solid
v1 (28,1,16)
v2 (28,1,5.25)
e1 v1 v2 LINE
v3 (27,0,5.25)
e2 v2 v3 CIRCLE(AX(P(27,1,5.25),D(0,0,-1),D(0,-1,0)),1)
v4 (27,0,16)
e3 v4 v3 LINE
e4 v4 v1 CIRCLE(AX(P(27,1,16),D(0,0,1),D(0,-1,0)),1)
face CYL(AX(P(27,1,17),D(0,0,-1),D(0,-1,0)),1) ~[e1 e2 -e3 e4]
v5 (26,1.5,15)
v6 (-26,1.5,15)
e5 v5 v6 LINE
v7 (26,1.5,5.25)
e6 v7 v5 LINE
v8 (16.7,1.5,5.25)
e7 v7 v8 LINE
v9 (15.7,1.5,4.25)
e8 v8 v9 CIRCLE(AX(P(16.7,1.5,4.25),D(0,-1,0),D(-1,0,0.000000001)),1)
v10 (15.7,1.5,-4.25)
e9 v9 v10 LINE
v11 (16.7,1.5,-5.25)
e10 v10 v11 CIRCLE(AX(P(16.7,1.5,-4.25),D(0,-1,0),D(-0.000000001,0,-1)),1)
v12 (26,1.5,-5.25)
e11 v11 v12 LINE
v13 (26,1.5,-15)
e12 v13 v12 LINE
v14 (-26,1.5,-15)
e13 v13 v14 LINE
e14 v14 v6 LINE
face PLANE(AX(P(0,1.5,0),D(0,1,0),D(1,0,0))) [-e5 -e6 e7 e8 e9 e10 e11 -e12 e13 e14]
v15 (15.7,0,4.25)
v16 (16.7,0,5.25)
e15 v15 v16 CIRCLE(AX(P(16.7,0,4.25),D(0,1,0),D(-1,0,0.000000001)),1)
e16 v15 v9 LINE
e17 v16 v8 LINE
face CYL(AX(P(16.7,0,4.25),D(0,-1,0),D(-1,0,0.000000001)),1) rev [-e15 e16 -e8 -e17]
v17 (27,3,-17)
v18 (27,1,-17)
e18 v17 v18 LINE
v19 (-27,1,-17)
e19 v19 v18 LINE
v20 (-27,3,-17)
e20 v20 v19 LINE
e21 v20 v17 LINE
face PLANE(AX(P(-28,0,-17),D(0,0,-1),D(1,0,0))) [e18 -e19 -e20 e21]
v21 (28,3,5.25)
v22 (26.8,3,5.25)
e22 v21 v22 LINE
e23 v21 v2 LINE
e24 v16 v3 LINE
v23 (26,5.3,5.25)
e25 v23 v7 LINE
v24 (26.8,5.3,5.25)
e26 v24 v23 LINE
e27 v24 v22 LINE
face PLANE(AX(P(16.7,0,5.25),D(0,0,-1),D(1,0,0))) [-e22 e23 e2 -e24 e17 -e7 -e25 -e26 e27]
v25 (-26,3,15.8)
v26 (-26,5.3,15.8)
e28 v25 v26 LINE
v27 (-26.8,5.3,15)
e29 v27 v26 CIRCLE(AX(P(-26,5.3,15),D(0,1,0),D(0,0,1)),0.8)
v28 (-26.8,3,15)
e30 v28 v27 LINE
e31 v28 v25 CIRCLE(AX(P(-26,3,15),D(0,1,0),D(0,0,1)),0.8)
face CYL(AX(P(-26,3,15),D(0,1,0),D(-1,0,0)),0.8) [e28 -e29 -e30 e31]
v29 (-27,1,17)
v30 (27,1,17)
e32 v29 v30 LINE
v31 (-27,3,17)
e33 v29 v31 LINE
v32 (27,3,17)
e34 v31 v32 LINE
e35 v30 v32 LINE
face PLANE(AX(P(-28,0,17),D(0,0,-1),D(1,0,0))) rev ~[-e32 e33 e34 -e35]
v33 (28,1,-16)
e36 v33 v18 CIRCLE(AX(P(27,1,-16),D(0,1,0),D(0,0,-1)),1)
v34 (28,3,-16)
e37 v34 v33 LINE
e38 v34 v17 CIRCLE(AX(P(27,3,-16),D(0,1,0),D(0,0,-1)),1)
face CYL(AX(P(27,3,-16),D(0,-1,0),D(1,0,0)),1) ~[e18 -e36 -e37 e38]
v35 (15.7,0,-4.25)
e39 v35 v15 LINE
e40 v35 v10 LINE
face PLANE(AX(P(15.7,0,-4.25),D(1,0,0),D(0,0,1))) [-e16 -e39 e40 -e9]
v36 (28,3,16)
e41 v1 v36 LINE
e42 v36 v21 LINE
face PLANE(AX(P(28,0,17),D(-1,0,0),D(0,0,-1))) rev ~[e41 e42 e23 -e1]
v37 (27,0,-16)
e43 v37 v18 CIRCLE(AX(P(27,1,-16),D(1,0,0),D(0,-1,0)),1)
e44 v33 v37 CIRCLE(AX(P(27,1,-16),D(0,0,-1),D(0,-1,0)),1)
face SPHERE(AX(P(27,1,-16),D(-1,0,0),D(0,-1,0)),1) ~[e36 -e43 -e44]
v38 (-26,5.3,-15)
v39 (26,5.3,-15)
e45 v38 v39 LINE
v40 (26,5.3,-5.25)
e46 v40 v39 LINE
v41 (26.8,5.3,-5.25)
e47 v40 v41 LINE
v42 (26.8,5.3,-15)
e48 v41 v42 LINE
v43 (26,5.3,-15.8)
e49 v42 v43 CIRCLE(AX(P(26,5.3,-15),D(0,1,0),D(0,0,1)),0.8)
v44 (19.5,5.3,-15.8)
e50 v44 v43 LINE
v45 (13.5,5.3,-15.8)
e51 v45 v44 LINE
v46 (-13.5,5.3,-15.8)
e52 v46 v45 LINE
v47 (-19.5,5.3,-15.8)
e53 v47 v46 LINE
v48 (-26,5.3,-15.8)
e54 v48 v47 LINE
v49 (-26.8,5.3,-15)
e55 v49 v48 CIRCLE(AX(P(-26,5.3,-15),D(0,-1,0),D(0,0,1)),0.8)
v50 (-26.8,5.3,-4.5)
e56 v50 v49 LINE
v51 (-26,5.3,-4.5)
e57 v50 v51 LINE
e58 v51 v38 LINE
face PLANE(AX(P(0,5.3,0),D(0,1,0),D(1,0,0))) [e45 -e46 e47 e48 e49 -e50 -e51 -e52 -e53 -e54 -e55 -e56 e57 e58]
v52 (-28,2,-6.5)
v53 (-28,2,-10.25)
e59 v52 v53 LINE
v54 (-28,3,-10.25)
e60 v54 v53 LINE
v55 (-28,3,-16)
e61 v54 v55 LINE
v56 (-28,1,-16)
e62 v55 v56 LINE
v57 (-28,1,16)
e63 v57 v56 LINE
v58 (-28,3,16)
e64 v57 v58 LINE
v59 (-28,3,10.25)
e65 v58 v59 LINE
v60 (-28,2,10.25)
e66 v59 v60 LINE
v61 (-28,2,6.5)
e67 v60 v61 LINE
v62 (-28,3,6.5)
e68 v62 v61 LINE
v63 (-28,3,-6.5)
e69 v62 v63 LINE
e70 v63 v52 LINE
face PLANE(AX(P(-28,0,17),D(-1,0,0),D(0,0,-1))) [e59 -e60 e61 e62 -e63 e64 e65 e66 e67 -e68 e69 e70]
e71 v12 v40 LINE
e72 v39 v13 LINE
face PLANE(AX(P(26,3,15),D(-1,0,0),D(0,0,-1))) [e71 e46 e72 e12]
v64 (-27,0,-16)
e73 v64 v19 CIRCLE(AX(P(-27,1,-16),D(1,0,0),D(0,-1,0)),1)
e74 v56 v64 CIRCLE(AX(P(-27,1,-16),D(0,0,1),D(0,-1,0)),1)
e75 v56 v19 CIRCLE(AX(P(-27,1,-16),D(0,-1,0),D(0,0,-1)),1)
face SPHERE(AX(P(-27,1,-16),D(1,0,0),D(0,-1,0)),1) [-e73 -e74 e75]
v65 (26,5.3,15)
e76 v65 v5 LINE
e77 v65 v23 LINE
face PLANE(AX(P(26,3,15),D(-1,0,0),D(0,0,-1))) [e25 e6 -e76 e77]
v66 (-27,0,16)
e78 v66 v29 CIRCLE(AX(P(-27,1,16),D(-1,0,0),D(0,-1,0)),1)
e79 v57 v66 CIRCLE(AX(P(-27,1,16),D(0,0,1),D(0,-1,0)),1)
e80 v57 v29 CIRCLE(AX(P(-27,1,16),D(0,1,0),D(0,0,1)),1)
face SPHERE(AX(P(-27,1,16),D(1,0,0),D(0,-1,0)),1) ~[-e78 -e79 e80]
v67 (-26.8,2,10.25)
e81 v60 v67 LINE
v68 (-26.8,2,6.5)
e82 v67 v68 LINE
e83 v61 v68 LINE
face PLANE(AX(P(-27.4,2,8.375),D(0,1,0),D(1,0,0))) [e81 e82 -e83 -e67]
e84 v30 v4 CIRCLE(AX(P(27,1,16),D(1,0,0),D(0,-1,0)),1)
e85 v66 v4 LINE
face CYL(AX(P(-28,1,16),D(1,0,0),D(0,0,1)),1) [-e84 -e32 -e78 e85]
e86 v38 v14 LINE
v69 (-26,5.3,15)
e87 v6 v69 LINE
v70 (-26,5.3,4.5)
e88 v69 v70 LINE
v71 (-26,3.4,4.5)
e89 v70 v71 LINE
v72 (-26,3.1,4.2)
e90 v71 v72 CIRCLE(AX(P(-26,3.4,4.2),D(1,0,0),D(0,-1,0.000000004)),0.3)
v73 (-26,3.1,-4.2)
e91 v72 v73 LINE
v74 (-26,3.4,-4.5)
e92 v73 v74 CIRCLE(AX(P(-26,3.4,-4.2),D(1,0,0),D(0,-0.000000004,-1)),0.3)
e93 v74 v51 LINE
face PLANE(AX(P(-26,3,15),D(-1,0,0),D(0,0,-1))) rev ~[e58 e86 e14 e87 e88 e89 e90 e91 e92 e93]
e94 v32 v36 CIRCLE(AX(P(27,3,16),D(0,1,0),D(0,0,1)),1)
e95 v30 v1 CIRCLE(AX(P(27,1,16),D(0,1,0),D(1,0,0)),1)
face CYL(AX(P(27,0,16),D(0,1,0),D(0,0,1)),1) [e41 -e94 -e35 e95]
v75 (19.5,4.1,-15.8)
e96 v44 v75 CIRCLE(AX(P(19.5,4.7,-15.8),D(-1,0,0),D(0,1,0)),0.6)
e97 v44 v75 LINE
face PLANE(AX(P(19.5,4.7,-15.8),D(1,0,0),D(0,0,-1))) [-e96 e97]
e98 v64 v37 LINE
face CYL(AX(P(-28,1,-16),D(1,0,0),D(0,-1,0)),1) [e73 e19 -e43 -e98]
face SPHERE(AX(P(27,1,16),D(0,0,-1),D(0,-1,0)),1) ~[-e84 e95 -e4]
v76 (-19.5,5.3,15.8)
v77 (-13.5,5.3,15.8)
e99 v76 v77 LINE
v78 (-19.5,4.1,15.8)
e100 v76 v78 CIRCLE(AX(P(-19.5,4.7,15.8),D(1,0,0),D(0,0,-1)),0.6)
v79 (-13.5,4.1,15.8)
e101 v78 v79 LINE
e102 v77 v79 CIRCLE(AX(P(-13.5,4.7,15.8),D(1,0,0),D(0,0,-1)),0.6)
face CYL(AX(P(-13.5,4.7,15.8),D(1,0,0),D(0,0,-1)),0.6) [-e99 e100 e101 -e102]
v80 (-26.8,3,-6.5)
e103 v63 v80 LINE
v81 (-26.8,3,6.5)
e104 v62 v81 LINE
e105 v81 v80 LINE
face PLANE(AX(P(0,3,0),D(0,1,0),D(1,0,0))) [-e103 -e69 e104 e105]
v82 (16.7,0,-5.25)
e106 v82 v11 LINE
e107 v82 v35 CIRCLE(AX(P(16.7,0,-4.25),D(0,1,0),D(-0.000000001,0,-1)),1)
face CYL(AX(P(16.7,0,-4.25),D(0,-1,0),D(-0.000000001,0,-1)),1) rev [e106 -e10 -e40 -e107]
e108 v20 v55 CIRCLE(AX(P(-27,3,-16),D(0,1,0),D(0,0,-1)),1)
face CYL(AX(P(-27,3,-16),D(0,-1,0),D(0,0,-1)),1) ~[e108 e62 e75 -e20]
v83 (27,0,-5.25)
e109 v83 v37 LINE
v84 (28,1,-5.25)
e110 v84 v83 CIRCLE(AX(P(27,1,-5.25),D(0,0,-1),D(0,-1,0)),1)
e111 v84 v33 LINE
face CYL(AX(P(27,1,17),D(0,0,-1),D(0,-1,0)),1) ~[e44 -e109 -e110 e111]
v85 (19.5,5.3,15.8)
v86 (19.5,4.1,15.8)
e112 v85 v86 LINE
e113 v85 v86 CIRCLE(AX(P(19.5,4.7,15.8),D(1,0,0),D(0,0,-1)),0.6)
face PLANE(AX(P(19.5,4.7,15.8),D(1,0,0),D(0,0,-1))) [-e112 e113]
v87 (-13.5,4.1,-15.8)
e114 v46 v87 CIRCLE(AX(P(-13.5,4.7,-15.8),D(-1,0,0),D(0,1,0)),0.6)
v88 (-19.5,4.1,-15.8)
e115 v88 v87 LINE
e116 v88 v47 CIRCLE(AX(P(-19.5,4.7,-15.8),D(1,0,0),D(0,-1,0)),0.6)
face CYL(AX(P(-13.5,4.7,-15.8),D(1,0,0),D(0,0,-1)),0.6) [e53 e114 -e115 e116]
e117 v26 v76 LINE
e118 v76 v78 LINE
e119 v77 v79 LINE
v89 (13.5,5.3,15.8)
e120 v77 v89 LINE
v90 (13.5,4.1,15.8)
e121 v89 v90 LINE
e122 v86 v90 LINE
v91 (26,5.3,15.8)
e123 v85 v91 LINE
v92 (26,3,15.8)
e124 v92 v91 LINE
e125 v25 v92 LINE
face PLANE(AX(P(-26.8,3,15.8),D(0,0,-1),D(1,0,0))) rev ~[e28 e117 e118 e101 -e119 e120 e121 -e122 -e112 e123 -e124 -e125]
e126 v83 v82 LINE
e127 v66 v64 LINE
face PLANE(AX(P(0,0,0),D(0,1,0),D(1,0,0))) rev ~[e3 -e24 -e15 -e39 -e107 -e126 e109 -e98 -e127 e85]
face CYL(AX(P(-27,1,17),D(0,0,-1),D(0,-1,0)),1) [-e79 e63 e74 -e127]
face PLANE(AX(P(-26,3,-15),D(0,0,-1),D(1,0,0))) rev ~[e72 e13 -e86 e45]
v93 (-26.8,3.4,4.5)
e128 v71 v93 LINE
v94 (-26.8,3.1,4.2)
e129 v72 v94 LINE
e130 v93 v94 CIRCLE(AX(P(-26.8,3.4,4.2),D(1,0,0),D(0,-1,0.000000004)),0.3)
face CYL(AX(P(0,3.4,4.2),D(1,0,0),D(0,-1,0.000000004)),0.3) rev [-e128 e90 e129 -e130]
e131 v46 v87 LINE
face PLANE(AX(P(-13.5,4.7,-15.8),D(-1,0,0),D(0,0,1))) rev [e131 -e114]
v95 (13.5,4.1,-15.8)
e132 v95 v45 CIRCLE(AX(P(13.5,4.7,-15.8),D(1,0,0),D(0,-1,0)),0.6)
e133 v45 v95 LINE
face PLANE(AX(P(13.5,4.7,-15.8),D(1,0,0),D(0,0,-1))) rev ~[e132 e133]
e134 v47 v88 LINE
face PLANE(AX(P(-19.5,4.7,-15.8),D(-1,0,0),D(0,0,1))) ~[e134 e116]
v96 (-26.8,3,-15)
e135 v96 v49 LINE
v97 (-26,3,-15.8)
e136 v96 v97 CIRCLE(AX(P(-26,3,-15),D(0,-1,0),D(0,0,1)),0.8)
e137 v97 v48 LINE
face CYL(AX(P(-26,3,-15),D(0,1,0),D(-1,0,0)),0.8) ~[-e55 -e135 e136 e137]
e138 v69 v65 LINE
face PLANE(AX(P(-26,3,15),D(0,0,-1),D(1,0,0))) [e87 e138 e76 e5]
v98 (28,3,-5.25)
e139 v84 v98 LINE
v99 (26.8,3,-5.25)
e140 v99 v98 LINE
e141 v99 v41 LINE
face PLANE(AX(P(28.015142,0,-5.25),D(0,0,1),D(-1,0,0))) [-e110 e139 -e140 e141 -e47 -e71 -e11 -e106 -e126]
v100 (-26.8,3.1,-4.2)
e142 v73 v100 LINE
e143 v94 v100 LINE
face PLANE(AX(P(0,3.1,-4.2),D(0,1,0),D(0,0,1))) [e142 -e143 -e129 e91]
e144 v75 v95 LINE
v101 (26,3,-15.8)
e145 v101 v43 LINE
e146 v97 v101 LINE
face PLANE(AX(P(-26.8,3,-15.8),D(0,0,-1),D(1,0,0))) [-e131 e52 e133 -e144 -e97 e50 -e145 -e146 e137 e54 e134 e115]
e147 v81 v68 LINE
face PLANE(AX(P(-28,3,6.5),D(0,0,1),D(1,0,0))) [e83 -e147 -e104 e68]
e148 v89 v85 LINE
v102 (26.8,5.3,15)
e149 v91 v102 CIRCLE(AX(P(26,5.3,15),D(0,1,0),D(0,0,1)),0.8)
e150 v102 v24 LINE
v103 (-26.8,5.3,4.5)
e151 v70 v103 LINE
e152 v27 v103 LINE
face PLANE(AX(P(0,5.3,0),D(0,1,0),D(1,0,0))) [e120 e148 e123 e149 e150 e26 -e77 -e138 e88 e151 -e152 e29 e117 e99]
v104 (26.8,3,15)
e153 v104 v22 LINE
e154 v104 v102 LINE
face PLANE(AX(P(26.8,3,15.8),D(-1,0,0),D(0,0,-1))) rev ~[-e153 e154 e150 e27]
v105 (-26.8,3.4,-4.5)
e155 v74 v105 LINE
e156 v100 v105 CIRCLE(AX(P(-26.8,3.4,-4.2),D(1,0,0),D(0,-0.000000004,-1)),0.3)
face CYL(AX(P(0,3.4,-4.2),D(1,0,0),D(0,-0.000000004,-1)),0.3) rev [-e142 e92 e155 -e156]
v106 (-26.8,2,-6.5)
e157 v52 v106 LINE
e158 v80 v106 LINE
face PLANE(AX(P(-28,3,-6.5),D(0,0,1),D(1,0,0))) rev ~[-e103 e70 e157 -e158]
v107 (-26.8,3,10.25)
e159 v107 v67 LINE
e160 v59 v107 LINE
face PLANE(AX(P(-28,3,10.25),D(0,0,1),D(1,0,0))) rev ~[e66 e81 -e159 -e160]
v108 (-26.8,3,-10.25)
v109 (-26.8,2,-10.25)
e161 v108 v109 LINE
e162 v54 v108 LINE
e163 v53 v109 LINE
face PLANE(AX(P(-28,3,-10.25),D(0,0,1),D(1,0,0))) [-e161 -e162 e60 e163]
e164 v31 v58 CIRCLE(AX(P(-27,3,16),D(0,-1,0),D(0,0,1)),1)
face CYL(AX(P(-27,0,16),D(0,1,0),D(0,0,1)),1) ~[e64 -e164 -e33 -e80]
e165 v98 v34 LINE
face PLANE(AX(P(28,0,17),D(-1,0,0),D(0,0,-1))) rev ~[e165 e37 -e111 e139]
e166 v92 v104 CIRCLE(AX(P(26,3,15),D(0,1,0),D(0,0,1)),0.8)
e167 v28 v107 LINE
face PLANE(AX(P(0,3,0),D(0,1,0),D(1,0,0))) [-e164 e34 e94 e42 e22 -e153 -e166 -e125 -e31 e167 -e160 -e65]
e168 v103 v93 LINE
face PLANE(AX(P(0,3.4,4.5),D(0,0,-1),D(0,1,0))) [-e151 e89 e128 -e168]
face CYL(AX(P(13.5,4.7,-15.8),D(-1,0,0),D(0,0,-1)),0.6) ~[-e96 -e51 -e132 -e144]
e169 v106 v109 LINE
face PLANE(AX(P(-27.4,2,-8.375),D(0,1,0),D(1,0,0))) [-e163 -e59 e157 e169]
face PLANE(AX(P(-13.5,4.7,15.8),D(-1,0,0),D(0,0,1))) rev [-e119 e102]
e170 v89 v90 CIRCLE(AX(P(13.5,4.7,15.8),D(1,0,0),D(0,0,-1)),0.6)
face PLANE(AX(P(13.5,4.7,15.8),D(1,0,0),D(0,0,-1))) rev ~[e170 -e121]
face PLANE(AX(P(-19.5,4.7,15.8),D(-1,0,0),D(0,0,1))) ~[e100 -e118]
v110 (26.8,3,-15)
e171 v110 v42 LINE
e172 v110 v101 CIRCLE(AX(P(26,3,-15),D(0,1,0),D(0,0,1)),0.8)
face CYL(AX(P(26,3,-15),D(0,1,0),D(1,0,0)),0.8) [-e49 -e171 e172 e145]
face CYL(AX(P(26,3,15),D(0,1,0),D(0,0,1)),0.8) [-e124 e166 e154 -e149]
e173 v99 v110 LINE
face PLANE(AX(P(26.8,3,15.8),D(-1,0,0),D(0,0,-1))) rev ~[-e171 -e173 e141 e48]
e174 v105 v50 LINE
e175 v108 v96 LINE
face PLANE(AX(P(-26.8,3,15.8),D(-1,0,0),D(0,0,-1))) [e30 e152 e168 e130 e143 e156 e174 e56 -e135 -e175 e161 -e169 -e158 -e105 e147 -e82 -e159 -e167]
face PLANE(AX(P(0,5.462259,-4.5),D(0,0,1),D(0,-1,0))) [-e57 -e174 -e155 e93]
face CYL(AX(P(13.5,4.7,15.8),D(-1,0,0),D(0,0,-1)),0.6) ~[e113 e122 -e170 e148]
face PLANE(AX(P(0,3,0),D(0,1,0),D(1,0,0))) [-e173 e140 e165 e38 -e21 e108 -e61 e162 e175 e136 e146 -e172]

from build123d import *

# Parameters (mm, degrees)
SKETCH1_W             = 56
SKETCH1_H             = 34
BASE_DEPTH            = 1.5
SKETCH1_3_W           = 56
SKETCH1_3_H           = 34
SKETCH1_3_W_2         = 52
SKETCH1_3_H_2         = 30
BOSS_EXTRUDE2_DEPTH   = 3
SKETCH2_W             = 53.6
SKETCH2_H             = 31.6
SKETCH2_W_2           = 52
SKETCH2_H_2           = 30
WALL_DEPTH            = 2.3
SKETCH3_W             = 1.2
SKETCH3_H             = 3.75
GROOVEFOROPEN_DEPTH   = 1
LOCKPINS_START        = 13.5
SKETCH4_R             = 0.6
LOCKPINS_DEPTH        = 6
FILLETBASE_R          = 1
FILLETINNER_R         = 0.8
CUTCABLE_DEPTH        = 34.182676203
CUTFORCONNECTOR_DEPTH = 34.182676203


with BuildPart() as part:
    # Sketch1 → Base (new body)
    with BuildSketch(Plane(origin=(0, 0, 0), x_dir=(1, 0, 0), z_dir=(0, 1, 0))):
        Rectangle(SKETCH1_W, SKETCH1_H)
    extrude(amount=BASE_DEPTH)

    # Sketch1<3> → Boss-Extrude2 (add)
    with BuildSketch(Plane(origin=(0, 0, 0), x_dir=(1, 0, 0), z_dir=(0, 1, 0))):
        Rectangle(SKETCH1_3_W, SKETCH1_3_H)
        Rectangle(SKETCH1_3_W_2, SKETCH1_3_H_2, mode=Mode.SUBTRACT)
    extrude(amount=BOSS_EXTRUDE2_DEPTH)

    # Sketch2 → Wall (add)
    with BuildSketch(Plane(origin=(0, 3, 0), x_dir=(1, 0, 0), z_dir=(0, 1, 0))):
        Rectangle(SKETCH2_W, SKETCH2_H)
        Rectangle(SKETCH2_W_2, SKETCH2_H_2, mode=Mode.SUBTRACT)
    extrude(amount=WALL_DEPTH)

    # Sketch3 → GrooveForOpen (cut)
    with BuildSketch(Plane(origin=(0, 3, 0), x_dir=(1, 0, 0), z_dir=(0, 1, 0))):
        with Locations((-27.4, -8.375)):
            Rectangle(SKETCH3_W, SKETCH3_H)
        with Locations((-27.4, 8.375)):
            Rectangle(SKETCH3_W, SKETCH3_H)
    extrude(amount=-GROOVEFOROPEN_DEPTH, mode=Mode.SUBTRACT)

    # Sketch4 → LockPins (add)
    with BuildSketch(Plane(origin=(0, 0, 0), x_dir=(0, 0, -1), z_dir=(1, 0, 0)).offset(LOCKPINS_START)):
        with Locations((15.8, 4.7)):
            Circle(SKETCH4_R)
        with Locations((-15.8, 4.7)):
            Circle(SKETCH4_R)
    lockpins = extrude(amount=LOCKPINS_DEPTH)

    # LockPins2: LockPins across plane
    add(lockpins.mirror(Plane(origin=(0, 0, 0), x_dir=(0, 0, 1), z_dir=(1, 0, 0))))

    # FilletBase
    filletbase_edges = [part.edges().sort_by_distance(p)[0] for p in [
        (0, 0, 17),
        (28, 0, 0),
        (0, 0, -17),
        (-28, 0, 0),
        (28, 1.5, 17),
        (-28, 1.5, 17),
        (-28, 1.5, -17),
        (28, 1.5, -17),
    ]]
    fillet(filletbase_edges, radius=FILLETBASE_R)

    # FilletInner
    filletinner_edges = [part.edges().sort_by_distance(p)[0] for p in [
        (26.8, 4.15, 15.8),
        (-26.8, 4.15, 15.8),
        (-26.8, 4.15, -15.8),
        (26.8, 4.15, -15.8),
    ]]
    fillet(filletinner_edges, radius=FILLETINNER_R)

    # Sketch5 → CutCable (cut, through all)
    with BuildSketch(Plane(origin=(0, 0, 0), x_dir=(0, 0, -1), z_dir=(1, 0, 0))):
        with BuildLine():
            Line((-4.5, 5.462258994), (4.5, 5.462258994))
            Line((4.5, 5.462258994), (4.5, 3.4))
            ThreePointArc((4.5, 3.4), (4.412132034, 3.187867966), (4.2, 3.1))
            Line((4.2, 3.1), (-4.2, 3.1))
            ThreePointArc((-4.2, 3.1), (-4.412132034, 3.187867966), (-4.5, 3.4))
            Line((-4.5, 3.4), (-4.5, 5.462258994))
        make_face()
    extrude(amount=-CUTCABLE_DEPTH, mode=Mode.SUBTRACT)

    # Sketch7 → CutForConnector (cut, through all)
    with BuildSketch(Plane.XZ):
        with BuildLine():
            Line((28.0151422, -5.25), (16.7, -5.25))
            ThreePointArc((16.7, -5.25), (15.992893219, -4.957106781), (15.7, -4.25))
            Line((15.7, -4.25), (15.7, 4.25))
            ThreePointArc((15.7, 4.25), (15.992893219, 4.957106781), (16.7, 5.25))
            Line((16.7, 5.25), (28.0151422, 5.25))
            Line((28.0151422, 5.25), (28.0151422, -5.25))
        make_face()
    extrude(amount=-CUTFORCONNECTOR_DEPTH, mode=Mode.SUBTRACT)


solid = part.part
